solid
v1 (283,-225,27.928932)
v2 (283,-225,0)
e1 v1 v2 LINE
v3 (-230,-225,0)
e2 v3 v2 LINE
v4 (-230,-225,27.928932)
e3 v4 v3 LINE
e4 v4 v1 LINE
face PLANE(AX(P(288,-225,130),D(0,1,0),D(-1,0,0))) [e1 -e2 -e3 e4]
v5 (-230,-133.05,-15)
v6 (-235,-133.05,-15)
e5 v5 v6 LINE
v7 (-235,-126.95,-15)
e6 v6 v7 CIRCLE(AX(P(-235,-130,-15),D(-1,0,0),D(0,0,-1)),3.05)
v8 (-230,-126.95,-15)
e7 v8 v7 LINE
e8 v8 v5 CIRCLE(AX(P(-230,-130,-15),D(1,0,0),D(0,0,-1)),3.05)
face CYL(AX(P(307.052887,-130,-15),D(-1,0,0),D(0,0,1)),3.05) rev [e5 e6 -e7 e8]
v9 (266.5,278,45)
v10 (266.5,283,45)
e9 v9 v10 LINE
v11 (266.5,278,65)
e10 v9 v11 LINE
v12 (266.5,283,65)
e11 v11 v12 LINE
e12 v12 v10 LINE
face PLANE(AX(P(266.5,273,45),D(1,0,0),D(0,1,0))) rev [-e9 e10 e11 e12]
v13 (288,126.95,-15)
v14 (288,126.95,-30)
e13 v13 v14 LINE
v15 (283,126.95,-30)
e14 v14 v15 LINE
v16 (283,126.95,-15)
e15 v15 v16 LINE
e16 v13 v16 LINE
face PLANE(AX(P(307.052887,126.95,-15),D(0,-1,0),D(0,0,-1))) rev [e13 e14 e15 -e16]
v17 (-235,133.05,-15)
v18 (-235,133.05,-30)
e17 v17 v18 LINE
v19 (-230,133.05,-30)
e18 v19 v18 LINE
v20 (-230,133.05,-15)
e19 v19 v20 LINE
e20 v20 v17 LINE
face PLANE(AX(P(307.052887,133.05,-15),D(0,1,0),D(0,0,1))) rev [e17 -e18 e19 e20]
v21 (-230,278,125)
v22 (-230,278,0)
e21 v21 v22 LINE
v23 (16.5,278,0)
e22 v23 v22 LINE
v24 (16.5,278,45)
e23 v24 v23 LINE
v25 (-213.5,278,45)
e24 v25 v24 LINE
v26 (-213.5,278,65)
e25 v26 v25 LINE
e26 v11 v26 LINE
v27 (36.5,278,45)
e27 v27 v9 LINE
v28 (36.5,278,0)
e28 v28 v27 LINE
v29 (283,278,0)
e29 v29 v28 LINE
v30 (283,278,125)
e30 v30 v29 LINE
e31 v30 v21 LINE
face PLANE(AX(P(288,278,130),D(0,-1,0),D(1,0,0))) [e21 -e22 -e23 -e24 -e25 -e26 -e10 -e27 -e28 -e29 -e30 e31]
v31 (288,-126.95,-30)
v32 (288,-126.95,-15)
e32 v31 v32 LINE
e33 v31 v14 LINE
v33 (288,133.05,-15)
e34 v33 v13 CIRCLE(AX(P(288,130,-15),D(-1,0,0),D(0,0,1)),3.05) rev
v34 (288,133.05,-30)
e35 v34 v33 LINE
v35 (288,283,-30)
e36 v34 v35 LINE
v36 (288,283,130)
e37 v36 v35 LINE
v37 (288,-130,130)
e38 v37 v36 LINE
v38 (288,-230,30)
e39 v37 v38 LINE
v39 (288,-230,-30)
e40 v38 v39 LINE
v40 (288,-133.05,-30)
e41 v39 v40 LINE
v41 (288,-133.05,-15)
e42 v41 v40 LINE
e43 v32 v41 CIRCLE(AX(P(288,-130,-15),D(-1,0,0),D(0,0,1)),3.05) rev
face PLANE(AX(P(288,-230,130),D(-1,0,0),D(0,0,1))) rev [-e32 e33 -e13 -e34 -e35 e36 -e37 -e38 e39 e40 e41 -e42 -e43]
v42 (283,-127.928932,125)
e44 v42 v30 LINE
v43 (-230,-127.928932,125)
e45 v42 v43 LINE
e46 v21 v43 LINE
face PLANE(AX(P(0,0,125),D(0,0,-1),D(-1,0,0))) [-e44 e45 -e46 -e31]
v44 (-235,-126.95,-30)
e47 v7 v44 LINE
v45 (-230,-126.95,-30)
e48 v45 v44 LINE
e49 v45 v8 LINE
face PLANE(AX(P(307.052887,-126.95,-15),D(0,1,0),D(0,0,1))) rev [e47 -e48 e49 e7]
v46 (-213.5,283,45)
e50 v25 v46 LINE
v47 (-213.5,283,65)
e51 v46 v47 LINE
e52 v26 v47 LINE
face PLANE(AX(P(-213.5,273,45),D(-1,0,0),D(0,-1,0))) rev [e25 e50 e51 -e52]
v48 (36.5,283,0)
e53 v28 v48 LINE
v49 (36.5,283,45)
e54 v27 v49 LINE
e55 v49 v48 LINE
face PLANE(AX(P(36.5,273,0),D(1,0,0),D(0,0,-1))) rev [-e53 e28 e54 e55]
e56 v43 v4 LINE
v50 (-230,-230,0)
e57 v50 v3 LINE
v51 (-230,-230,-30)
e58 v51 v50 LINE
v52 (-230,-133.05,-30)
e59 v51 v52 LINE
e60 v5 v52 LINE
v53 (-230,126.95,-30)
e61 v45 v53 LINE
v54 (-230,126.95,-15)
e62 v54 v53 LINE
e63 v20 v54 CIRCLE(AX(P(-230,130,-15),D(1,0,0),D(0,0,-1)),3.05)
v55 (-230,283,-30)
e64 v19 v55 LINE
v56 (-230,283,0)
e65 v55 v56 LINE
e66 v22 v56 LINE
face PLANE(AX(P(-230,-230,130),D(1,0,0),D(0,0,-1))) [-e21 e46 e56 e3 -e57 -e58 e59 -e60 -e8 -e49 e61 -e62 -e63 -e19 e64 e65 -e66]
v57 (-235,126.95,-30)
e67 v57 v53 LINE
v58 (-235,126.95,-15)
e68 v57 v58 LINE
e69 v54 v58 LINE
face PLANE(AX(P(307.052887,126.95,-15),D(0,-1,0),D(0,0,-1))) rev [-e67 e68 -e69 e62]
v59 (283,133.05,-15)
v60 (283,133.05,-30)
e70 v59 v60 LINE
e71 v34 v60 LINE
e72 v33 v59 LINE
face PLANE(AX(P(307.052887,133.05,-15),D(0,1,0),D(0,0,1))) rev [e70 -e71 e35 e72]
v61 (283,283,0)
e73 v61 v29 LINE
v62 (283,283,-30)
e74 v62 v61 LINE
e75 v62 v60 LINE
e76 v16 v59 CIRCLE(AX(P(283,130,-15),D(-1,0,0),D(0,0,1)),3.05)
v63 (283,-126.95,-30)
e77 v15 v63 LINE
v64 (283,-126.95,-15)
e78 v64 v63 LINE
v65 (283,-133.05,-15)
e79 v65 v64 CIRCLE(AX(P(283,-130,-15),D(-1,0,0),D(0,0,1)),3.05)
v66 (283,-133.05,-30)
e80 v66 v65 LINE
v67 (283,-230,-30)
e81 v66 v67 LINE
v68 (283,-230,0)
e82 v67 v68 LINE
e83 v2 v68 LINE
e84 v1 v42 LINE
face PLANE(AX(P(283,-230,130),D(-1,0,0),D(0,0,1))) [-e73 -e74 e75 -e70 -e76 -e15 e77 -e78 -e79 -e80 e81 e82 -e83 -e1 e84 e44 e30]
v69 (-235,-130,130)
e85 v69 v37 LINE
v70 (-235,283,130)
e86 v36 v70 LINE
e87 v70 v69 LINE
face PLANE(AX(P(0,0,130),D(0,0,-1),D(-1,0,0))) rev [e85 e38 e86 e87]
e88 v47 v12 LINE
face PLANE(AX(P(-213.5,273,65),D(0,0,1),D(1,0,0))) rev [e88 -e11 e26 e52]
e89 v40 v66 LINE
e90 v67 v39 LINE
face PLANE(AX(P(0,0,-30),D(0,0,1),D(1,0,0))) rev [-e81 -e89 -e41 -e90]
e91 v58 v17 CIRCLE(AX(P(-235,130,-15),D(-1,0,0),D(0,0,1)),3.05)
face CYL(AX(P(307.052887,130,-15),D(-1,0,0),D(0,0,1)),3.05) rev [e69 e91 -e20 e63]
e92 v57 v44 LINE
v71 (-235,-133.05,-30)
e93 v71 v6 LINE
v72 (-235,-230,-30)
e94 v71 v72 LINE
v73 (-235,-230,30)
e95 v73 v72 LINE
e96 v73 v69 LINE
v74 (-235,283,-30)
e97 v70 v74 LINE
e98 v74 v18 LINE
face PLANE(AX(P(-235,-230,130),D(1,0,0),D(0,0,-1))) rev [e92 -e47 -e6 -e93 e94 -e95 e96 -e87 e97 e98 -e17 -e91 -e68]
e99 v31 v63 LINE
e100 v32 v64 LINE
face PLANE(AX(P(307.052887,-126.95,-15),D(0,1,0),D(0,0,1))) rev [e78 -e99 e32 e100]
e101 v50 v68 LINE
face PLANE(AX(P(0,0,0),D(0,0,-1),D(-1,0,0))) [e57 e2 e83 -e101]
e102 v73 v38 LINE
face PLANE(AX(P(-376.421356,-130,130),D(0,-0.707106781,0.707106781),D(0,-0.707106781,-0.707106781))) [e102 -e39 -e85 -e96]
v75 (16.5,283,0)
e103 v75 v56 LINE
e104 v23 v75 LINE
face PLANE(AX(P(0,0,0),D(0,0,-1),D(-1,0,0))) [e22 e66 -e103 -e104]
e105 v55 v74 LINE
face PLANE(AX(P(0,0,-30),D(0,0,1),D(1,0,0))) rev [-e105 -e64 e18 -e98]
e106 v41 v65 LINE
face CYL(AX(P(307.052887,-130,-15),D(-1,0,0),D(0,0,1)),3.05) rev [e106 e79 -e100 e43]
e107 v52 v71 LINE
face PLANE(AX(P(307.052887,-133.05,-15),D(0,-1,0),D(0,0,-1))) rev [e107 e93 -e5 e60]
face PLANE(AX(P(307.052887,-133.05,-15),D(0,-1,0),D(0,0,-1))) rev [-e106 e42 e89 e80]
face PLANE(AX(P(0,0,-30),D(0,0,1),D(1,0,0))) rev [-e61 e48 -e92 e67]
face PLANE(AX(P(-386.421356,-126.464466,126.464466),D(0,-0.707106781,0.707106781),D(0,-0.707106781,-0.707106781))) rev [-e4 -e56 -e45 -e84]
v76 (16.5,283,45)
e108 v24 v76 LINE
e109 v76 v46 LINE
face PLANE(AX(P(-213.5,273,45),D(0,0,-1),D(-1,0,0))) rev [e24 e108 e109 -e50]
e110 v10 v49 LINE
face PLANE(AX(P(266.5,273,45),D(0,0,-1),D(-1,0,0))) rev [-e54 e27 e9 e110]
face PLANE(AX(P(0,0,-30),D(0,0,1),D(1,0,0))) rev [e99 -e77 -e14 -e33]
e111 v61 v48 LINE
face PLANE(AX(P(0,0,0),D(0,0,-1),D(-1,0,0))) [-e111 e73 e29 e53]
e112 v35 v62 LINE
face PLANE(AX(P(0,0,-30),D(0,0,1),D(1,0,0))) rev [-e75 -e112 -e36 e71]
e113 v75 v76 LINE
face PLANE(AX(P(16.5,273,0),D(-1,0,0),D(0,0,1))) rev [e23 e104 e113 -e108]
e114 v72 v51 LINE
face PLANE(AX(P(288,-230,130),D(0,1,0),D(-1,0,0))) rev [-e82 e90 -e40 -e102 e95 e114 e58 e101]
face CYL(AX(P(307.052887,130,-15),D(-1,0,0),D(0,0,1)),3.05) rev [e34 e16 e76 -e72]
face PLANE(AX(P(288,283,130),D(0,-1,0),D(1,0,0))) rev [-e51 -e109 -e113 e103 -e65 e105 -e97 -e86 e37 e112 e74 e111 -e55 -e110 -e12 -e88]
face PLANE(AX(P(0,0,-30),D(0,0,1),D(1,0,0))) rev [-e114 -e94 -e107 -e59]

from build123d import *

# Parameters (mm, degrees)
SCHIZZO2_W                   = 523
SCHIZZO2_H                   = 513
ESTRUSIONE_ESTRUSIONE2_DEPTH = 130
SVUOTA1_T                    = -5
TAGLIO_ESTRUSIONE2_REACH     = 610.702
ESTRUSIONE_ESTRUSIONE3_DEPTH = 523
TAGLIO_ESTRUSIONE3_DEPTH     = 10
SCHIZZO5_W                   = 5
SCHIZZO5_H                   = 513
ESTRUSIONE_ESTRUSIONE5_DEPTH = 30
TAGLIO_ESTRUSIONE4_REACH     = 610.702


with BuildPart() as part:
    # Schizzo2 → Estrusione-Estrusione2 (new body)
    with BuildSketch(Plane.XY):
        with Locations((26.5, 26.5)):
            Rectangle(SCHIZZO2_W, SCHIZZO2_H)
    extrude(amount=ESTRUSIONE_ESTRUSIONE2_DEPTH)

    # Svuota1
    svuota1_openings = [part.faces().sort_by_distance(p)[0] for p in [
        (26.5, 26.5, 0),
    ]]
    offset(amount=SVUOTA1_T, openings=svuota1_openings, kind=Kind.INTERSECTION)

    # Taglio-Estrusione2: up to this face of the body (flat: up to its plane)
    taglio_estrusione2_end = Plane(part.part.faces().sort_by_distance((-235, 26.5, 65))[0])
    # Schizzo3 → Taglio-Estrusione2 (cut, up to the picked face)
    with BuildSketch(Plane(origin=(288, 0, 0), x_dir=(0, 0, -1), z_dir=(1, 0, 0)), mode=Mode.PRIVATE) as taglio_estrusione2_sk1:
        Polygon((-30, -230), (-130, -130), (-130, -230), align=None)
    taglio_estrusione2_tool1 = split(extrude(taglio_estrusione2_sk1.sketch, amount=-TAGLIO_ESTRUSIONE2_REACH, mode=Mode.PRIVATE), bisect_by=taglio_estrusione2_end, keep=Keep.BOTH, mode=Mode.PRIVATE)
    add(taglio_estrusione2_tool1.solids().sort_by(Axis((288, -196.666667, 96.666667), (-1, 0, 0)))[0], mode=Mode.SUBTRACT)

    # Schizzo3<4> → Estrusione-Estrusione3 (add)
    with BuildSketch(Plane(origin=(288, 0, 0), x_dir=(0, 0, -1), z_dir=(1, 0, 0))):
        Polygon((-130, -122.928932188), (-130, -130), (-30, -230), (-22.928932188, -230), align=None)
    extrude(amount=-ESTRUSIONE_ESTRUSIONE3_DEPTH)

    # Schizzo4 → Taglio-Estrusione3 (cut)
    with BuildSketch(Plane(origin=(0, 283, 0), x_dir=(1, 0, 0), z_dir=(0, 1, 0))):
        Polygon((-213.5, -65), (266.5, -65), (266.5, -45), (36.5, -45), (36.5, 0), (16.5, 0), (16.5, -45), (-213.5, -45), align=None)
    extrude(amount=-TAGLIO_ESTRUSIONE3_DEPTH, mode=Mode.SUBTRACT)

    # Schizzo5 → Estrusione-Estrusione5 (add)
    with BuildSketch(Plane.XY):
        with Locations((285.5, 26.5)):
            Rectangle(SCHIZZO5_W, SCHIZZO5_H)
        with Locations((-232.5, 26.5)):
            Rectangle(SCHIZZO5_W, SCHIZZO5_H)
    extrude(amount=-ESTRUSIONE_ESTRUSIONE5_DEPTH)

    # Taglio-Estrusione4: up to this face of the body (flat: up to its plane)
    taglio_estrusione4_end = Plane(part.part.faces().sort_by_distance((288, 40.976301678, 46.972842069))[0])
    # Schizzo6 → Taglio-Estrusione4 (cut, up to the picked face)
    with BuildSketch(Plane.ZY.offset(235), mode=Mode.PRIVATE) as taglio_estrusione4_sk1:
        with BuildLine():
            Line((-15, 133.05), (-30, 133.05))
            Line((-30, 133.05), (-30, 126.95))
            Line((-30, 126.95), (-15, 126.95))
            ThreePointArc((-15, 126.95), (-11.95, 130), (-15, 133.05))
        make_face()
    taglio_estrusione4_tool1 = split(extrude(taglio_estrusione4_sk1.sketch, amount=-TAGLIO_ESTRUSIONE4_REACH, mode=Mode.PRIVATE), bisect_by=taglio_estrusione4_end, keep=Keep.BOTH, mode=Mode.PRIVATE)
    # Schizzo6 → Taglio-Estrusione4 (cut, up to the picked face)
    with BuildSketch(Plane.ZY.offset(235), mode=Mode.PRIVATE) as taglio_estrusione4_sk2:
        with BuildLine():
            Line((-30, -133.05), (-30, -126.95))
            Line((-30, -126.95), (-15, -126.95))
            ThreePointArc((-15, -126.95), (-11.95, -130), (-15, -133.05))
            Line((-15, -133.05), (-30, -133.05))
        make_face()
    taglio_estrusione4_tool2 = split(extrude(taglio_estrusione4_sk2.sketch, amount=-TAGLIO_ESTRUSIONE4_REACH, mode=Mode.PRIVATE), bisect_by=taglio_estrusione4_end, keep=Keep.BOTH, mode=Mode.PRIVATE)
    add(taglio_estrusione4_tool1.solids().sort_by(Axis((-235, 130, -21.288948), (1, 0, 0)))[0], mode=Mode.SUBTRACT)
    add(taglio_estrusione4_tool2.solids().sort_by(Axis((-235, -130, -21.288948), (1, 0, 0)))[0], mode=Mode.SUBTRACT)


solid = part.part
